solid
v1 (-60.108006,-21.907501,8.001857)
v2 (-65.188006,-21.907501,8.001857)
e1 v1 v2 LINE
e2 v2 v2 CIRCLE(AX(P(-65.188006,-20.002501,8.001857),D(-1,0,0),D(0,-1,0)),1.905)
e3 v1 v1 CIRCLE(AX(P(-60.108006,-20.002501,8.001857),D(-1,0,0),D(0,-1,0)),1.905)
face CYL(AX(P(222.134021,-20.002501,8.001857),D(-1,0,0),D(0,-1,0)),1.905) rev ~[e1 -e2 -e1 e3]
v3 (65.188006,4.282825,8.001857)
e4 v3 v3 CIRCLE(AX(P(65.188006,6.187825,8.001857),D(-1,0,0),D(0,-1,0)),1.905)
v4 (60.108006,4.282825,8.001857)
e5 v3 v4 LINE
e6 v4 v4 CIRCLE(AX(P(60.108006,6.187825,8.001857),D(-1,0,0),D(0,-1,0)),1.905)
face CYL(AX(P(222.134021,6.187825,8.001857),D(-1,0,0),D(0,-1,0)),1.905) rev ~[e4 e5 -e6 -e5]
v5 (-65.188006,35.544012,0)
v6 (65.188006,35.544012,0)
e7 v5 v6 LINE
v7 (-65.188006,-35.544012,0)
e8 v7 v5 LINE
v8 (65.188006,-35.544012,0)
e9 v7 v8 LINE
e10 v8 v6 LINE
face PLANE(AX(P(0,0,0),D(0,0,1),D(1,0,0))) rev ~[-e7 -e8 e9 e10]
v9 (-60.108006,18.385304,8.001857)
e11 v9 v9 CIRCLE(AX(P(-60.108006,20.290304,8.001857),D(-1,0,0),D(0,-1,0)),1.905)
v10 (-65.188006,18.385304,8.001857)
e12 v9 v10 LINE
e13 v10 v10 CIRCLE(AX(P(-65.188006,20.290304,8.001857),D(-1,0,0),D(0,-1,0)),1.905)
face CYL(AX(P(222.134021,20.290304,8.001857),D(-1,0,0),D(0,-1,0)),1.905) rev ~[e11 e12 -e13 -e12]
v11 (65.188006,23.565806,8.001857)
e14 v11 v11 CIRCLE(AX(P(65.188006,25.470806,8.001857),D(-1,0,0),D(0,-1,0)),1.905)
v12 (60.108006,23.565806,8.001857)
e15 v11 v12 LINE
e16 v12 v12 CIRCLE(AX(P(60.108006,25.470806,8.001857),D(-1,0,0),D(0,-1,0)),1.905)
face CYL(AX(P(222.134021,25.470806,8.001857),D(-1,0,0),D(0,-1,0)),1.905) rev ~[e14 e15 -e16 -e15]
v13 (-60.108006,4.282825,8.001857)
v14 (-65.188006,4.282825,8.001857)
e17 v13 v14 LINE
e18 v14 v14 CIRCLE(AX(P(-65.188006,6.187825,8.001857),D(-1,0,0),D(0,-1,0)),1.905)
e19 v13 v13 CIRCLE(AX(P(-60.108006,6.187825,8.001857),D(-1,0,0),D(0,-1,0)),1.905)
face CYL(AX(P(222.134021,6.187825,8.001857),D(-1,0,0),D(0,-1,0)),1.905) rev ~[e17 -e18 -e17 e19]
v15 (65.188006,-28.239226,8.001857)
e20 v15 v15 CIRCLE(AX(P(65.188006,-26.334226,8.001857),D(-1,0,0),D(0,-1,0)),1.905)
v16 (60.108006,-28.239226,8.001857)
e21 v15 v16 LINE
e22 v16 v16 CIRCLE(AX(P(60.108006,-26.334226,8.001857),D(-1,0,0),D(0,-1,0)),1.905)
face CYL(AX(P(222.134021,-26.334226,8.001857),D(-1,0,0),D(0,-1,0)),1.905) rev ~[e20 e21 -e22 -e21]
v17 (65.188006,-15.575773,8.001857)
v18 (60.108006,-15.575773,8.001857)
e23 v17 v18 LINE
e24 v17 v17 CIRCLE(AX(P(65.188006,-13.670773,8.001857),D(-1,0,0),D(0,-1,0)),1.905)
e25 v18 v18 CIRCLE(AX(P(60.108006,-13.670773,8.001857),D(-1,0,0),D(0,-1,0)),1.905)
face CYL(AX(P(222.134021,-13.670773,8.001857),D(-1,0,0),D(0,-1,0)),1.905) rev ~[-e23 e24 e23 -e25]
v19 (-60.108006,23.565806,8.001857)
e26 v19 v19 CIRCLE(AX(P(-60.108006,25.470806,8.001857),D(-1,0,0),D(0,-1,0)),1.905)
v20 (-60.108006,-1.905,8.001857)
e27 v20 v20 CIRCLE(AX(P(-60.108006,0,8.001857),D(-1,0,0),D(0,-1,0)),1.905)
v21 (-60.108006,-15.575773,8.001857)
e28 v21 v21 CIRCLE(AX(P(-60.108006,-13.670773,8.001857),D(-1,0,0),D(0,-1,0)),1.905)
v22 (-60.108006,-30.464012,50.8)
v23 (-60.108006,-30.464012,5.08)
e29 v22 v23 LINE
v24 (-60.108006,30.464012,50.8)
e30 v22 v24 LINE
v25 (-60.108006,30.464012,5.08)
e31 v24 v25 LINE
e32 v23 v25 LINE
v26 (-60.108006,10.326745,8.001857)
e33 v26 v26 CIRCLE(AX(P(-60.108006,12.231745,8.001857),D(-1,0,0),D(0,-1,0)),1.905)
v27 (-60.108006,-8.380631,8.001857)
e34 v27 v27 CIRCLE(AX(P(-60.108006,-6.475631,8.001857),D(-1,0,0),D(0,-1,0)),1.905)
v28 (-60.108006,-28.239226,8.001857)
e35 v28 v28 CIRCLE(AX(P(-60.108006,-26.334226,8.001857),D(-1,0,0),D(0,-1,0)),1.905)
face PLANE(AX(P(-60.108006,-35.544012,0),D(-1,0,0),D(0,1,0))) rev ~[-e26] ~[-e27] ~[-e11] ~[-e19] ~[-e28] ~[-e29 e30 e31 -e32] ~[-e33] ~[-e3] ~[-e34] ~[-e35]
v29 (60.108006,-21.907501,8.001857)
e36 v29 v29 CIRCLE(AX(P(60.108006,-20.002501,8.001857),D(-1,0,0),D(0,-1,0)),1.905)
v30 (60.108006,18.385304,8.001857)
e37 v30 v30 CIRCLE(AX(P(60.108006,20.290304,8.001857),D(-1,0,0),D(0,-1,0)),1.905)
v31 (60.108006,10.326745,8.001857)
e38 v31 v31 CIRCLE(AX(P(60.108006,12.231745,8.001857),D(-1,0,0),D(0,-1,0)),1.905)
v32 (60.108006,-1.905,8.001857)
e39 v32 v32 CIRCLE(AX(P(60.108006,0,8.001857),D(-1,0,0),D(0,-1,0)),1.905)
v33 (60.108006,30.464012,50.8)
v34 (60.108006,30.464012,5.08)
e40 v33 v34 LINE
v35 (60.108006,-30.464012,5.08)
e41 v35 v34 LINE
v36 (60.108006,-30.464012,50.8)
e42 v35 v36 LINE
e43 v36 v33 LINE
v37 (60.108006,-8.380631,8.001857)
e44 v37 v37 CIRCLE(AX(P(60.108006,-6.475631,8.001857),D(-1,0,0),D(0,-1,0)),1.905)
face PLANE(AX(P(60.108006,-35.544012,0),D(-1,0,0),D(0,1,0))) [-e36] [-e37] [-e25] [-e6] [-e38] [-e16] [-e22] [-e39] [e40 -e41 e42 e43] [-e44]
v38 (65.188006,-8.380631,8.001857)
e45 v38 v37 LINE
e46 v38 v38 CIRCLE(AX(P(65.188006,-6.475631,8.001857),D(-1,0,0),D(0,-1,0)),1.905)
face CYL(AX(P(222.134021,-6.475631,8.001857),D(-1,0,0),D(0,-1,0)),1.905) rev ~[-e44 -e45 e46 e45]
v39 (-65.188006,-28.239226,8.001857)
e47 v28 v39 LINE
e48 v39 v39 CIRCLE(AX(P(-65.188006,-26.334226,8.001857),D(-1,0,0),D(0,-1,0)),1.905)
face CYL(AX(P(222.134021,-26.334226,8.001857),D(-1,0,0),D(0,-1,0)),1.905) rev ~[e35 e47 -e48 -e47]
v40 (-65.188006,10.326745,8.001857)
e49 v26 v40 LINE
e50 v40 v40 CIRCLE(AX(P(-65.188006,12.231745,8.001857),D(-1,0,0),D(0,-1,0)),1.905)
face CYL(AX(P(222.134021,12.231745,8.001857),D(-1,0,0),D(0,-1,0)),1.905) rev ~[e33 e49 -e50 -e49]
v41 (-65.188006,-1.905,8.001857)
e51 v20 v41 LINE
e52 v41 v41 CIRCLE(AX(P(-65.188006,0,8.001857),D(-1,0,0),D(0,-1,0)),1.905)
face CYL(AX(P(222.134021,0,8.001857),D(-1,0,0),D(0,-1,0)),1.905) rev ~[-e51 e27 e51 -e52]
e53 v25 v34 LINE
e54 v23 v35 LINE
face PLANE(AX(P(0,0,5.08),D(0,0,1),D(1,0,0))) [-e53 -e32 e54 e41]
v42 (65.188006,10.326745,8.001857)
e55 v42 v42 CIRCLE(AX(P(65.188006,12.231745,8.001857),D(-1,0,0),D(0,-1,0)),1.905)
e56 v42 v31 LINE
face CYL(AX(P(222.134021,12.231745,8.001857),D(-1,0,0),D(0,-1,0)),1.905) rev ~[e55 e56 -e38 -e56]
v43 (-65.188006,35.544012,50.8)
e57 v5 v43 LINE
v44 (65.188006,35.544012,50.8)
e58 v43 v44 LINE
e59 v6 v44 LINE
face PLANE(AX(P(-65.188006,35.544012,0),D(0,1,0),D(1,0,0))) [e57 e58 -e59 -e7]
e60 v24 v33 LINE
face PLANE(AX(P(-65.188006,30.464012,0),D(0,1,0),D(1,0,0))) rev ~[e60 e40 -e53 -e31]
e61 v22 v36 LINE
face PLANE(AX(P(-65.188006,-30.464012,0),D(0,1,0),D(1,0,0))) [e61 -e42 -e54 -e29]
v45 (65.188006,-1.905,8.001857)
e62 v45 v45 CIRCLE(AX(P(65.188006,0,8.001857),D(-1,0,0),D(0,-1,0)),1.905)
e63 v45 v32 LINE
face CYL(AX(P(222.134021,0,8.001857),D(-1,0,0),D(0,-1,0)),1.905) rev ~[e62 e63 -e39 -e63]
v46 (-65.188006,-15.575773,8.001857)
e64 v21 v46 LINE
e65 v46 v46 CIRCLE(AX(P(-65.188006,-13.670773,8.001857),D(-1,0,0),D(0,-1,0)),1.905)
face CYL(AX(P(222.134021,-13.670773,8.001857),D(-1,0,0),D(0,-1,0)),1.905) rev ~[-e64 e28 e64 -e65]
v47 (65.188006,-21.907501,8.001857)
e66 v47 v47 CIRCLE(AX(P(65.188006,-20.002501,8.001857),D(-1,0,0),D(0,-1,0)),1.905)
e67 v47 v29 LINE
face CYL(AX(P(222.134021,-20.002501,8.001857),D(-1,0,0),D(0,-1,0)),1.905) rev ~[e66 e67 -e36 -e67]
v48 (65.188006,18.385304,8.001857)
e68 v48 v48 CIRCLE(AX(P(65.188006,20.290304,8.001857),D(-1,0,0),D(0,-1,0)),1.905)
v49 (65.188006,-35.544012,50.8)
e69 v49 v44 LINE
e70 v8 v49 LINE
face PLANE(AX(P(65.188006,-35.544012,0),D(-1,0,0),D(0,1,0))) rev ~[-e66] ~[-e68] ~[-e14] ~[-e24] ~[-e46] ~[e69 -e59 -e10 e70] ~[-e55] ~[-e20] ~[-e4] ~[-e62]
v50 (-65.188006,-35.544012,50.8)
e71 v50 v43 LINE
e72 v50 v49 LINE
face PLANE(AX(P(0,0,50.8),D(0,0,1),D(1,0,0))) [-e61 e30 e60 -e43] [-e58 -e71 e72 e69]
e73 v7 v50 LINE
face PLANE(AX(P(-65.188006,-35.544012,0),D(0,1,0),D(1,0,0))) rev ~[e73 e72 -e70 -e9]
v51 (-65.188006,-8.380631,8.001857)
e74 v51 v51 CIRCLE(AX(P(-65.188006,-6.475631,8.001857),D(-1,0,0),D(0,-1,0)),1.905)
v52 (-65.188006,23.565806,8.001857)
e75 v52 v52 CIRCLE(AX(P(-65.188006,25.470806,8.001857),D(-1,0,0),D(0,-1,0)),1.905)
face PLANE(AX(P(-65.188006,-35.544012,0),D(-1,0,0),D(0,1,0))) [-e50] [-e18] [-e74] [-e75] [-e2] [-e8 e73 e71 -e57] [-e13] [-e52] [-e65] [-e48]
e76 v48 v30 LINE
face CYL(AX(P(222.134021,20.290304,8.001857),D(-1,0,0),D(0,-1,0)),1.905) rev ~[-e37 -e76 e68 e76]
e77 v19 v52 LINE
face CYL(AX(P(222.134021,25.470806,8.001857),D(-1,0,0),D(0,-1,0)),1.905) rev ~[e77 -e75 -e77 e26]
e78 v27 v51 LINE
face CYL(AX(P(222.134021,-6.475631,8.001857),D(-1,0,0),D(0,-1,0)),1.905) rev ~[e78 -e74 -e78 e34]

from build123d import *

# Parameters (mm, degrees)
F0_W     = 130.376012
F0_H     = 71.088024
F1_DEPTH = 50.8
F2_T     = -5.08
F4_D     = 3.81


with BuildPart() as f1:
    # F0 (on Top) → F1 (new body)
    with BuildSketch(Plane.XY):
        Rectangle(F0_W, F0_H)
    extrude(amount=F1_DEPTH)

    # F2
    f2_openings = [f1.faces().sort_by_distance(p)[0] for p in [
        (0, 0, 50.8),
    ]]
    offset(amount=F2_T, openings=f2_openings)

    # F4 (through all)
    with Locations(Plane.YZ.offset(65.188006)):
        with Locations((-26.334226, 8.001857), (-20.002501, 8.001857), (-13.670773, 8.001857), (-6.475631, 8.001857), (0, 8.001857), (6.187825, 8.001857), (12.231745, 8.001857), (20.290304, 8.001857), (25.470806, 8.001857)):
            Hole(F4_D / 2)


solid = f1.part
